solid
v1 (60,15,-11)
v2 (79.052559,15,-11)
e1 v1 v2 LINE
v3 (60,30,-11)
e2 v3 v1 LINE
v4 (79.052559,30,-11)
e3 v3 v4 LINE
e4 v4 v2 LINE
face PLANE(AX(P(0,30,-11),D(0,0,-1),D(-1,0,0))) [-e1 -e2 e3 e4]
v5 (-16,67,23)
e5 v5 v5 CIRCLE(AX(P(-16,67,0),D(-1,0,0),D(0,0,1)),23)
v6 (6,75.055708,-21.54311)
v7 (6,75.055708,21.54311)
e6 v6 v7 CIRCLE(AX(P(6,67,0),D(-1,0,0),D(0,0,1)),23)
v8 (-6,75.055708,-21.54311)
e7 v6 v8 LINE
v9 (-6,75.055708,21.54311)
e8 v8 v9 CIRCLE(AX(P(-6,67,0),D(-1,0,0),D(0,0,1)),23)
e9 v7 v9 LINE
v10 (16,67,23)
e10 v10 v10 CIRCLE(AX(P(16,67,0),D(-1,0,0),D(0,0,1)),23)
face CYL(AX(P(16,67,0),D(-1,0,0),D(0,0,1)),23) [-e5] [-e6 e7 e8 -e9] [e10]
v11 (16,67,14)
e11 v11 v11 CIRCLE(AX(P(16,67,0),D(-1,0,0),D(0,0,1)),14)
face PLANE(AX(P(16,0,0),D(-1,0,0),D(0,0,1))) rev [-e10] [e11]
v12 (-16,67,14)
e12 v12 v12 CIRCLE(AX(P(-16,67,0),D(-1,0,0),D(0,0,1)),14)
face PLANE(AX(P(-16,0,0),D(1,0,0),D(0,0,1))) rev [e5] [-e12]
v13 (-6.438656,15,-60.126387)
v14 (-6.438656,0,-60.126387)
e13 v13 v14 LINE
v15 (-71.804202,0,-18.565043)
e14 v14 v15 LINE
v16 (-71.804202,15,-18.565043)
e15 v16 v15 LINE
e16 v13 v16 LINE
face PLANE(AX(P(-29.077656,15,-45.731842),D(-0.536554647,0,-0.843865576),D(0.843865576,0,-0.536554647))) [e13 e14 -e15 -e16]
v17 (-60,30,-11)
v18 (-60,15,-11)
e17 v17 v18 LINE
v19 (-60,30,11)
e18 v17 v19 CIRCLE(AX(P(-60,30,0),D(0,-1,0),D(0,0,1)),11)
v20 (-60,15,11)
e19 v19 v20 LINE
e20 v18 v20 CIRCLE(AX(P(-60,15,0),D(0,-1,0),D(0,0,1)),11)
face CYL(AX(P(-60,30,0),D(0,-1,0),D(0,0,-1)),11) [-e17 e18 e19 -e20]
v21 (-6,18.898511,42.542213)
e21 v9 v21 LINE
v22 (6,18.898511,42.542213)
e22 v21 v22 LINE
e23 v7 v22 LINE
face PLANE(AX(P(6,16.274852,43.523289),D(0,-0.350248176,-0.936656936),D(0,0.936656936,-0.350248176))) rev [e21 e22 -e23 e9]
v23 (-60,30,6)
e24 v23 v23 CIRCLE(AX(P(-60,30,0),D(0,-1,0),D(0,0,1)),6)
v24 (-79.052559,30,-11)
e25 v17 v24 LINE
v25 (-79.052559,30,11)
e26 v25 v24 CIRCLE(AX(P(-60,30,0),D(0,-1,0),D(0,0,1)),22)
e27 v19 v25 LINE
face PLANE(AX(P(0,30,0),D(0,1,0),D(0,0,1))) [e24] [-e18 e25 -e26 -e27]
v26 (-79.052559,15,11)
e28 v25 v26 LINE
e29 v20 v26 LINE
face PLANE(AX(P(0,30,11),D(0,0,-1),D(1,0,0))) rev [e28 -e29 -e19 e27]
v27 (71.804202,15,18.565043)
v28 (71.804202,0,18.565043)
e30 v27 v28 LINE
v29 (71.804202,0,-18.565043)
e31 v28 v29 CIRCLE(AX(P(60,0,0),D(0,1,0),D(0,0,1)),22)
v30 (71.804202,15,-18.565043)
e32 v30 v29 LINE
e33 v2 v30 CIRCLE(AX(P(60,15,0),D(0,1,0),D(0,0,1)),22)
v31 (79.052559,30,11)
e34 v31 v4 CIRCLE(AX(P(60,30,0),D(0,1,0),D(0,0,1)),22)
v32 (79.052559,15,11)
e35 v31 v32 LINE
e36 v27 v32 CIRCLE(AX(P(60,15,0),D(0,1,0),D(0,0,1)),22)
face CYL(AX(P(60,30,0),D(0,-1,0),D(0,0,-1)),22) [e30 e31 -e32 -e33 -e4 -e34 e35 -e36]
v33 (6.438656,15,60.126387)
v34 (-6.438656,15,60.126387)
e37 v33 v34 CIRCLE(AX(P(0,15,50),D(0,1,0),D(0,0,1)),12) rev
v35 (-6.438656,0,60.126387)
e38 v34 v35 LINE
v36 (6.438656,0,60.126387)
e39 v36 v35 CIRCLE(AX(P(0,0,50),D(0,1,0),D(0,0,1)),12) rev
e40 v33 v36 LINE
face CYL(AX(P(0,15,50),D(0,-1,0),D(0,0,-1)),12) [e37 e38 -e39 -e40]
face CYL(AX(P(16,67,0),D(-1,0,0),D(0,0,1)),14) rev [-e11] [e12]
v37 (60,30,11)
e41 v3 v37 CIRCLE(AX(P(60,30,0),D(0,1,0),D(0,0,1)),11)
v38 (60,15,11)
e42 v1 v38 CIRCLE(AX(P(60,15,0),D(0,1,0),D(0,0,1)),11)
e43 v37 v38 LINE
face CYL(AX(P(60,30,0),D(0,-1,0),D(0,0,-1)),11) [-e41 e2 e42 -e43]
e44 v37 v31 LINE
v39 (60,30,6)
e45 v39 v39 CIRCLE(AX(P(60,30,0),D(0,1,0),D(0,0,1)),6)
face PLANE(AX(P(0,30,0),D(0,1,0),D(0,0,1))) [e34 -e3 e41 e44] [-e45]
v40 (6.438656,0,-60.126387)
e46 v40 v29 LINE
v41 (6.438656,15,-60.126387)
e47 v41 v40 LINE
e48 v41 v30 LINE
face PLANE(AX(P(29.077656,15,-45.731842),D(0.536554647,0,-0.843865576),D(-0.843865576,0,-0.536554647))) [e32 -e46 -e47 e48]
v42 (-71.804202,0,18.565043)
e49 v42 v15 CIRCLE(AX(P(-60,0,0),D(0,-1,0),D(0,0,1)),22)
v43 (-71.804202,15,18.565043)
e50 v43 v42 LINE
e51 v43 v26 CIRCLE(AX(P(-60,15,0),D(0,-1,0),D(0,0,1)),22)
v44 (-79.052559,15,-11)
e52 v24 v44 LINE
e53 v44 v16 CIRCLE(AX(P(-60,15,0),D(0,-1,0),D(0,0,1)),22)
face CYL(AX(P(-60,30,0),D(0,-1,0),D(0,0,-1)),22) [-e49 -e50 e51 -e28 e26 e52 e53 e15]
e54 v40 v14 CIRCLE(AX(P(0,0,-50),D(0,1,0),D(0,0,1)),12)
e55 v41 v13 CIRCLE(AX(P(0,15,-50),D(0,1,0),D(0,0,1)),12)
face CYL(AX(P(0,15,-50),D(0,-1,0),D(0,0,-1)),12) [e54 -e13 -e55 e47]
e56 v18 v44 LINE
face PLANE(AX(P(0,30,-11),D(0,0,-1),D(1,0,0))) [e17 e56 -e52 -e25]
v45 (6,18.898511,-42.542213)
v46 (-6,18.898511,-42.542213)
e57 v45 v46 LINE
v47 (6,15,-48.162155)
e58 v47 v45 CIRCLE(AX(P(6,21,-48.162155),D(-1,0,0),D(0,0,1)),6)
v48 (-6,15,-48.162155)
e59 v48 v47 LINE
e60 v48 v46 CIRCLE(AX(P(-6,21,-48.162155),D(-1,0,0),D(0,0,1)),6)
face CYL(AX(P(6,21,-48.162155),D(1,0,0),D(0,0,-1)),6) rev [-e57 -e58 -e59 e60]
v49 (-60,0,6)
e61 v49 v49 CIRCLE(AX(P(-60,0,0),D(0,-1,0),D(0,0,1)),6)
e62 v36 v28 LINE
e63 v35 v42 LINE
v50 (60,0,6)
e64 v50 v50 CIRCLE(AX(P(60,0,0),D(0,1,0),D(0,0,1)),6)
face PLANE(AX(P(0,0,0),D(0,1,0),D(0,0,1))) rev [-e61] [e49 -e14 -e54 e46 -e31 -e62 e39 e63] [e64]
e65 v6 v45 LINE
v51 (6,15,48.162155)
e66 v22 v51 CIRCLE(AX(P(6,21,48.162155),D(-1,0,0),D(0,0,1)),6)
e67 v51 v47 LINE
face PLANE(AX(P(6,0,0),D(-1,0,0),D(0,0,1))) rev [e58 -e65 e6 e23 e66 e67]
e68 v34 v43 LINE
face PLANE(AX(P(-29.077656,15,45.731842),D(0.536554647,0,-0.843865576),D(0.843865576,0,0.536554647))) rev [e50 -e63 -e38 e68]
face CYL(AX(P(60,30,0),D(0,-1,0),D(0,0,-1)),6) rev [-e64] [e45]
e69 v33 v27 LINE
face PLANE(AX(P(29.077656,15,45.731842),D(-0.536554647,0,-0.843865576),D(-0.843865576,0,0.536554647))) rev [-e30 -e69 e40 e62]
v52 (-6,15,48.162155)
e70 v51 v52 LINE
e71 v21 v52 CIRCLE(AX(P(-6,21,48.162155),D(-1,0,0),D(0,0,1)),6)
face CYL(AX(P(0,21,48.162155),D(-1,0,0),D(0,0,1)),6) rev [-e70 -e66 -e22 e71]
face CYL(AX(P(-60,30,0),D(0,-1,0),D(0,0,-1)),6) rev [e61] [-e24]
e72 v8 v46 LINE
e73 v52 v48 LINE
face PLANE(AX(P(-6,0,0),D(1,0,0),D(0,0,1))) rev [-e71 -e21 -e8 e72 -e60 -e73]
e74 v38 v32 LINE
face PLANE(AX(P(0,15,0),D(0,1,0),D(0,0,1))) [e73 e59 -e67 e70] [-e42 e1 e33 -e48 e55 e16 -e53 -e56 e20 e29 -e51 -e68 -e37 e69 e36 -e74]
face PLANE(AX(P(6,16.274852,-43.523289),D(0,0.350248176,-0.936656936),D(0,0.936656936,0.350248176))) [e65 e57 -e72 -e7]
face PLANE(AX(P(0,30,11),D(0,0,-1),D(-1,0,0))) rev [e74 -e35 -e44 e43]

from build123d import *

# Parameters (mm, degrees)
SKETCH1_R           = 6
BOSS_EXTRUDE1_DEPTH = 30
BOSS_EXTRUDE2_DEPTH = 15
BOSS_EXTRUDE3_DEPTH = 6
SKETCH2_3_R         = 14
BOSS_EXTRUDE4_DEPTH = 16
FILLET1_R           = 6


with BuildPart() as part:
    # Sketch1 → Boss-Extrude1 (new body)
    with BuildSketch(Plane(origin=(0, 0, 0), x_dir=(1, 0, 0), z_dir=(0, 1, 0))):
        with BuildLine():
            ThreePointArc((60, 11), (49, 0), (60, -11))
            Line((60, -11), (79.052558883, -11))
            ThreePointArc((79.052558883, -11), (82, 0), (79.052558883, 11))
            Line((79.052558883, 11), (60, 11))
        make_face()
        with Locations((60, 0)):
            Circle(SKETCH1_R, mode=Mode.SUBTRACT)
    extrude(amount=BOSS_EXTRUDE1_DEPTH)

    # Sketch1<3> → Boss-Extrude2 (add)
    with BuildSketch(Plane(origin=(0, 0, 0), x_dir=(1, 0, 0), z_dir=(0, 1, 0))):
        with BuildLine():
            ThreePointArc((6.438655763, 60.126386916), (3.352861242, 61.522079738), (0, 62))
            Line((0, 62), (0, -62))
            ThreePointArc((0, -62), (3.352861242, -61.522079738), (6.438655763, -60.126386916))
            Line((6.438655763, -60.126386916), (71.804202232, -18.565042679))
            ThreePointArc((71.804202232, -18.565042679), (75.885288613, -15.220302418), (79.052558883, -11))
            Line((79.052558883, -11), (60, -11))
            ThreePointArc((60, -11), (49, 0), (60, 11))
            Line((60, 11), (79.052558883, 11))
            ThreePointArc((79.052558883, 11), (75.885288613, 15.220302418), (71.804202232, 18.565042679))
            Line((71.804202232, 18.565042679), (6.438655763, 60.126386916))
        make_face()
    extrude(amount=BOSS_EXTRUDE2_DEPTH)

    # Sketch2 → Boss-Extrude3 (add)
    with BuildSketch(Plane.ZY):
        with BuildLine():
            Line((-44, 15), (44, 15))
            Line((44, 15), (21.543109519, 75.055708054))
            ThreePointArc((21.543109519, 75.055708054), (0, 44), (-21.543109519, 75.055708054))
            Line((-21.543109519, 75.055708054), (-44, 15))
        make_face()
    extrude(amount=-BOSS_EXTRUDE3_DEPTH)

    # Sketch2<3> → Boss-Extrude4 (add)
    with BuildSketch(Plane.ZY):
        with BuildLine():
            ThreePointArc((23, 67), (22.632846915, 71.093194417), (21.543109519, 75.055708054))
            ThreePointArc((21.543109519, 75.055708054), (0, 90), (-21.543109519, 75.055708054))
            ThreePointArc((-21.543109519, 75.055708054), (-4.093194417, 44.367153085), (23, 67))
        make_face()
        with Locations((0, 67)):
            Circle(SKETCH2_3_R, mode=Mode.SUBTRACT)
    extrude(amount=-BOSS_EXTRUDE4_DEPTH)

    # Fillet1
    fillet1_edges = [part.edges().sort_by_distance(p)[0] for p in [
        (3, 15, -44),
        (3, 15, 44),
    ]]
    fillet(fillet1_edges, radius=FILLET1_R)

    # Mirror1: part across plane


with BuildPart() as part_1:
    add(part.part)
    add(part.part.mirror(Plane(origin=(0, 15, 0), x_dir=(0, 0, 1), z_dir=(1, 0, 0))))


solid = part_1.part
